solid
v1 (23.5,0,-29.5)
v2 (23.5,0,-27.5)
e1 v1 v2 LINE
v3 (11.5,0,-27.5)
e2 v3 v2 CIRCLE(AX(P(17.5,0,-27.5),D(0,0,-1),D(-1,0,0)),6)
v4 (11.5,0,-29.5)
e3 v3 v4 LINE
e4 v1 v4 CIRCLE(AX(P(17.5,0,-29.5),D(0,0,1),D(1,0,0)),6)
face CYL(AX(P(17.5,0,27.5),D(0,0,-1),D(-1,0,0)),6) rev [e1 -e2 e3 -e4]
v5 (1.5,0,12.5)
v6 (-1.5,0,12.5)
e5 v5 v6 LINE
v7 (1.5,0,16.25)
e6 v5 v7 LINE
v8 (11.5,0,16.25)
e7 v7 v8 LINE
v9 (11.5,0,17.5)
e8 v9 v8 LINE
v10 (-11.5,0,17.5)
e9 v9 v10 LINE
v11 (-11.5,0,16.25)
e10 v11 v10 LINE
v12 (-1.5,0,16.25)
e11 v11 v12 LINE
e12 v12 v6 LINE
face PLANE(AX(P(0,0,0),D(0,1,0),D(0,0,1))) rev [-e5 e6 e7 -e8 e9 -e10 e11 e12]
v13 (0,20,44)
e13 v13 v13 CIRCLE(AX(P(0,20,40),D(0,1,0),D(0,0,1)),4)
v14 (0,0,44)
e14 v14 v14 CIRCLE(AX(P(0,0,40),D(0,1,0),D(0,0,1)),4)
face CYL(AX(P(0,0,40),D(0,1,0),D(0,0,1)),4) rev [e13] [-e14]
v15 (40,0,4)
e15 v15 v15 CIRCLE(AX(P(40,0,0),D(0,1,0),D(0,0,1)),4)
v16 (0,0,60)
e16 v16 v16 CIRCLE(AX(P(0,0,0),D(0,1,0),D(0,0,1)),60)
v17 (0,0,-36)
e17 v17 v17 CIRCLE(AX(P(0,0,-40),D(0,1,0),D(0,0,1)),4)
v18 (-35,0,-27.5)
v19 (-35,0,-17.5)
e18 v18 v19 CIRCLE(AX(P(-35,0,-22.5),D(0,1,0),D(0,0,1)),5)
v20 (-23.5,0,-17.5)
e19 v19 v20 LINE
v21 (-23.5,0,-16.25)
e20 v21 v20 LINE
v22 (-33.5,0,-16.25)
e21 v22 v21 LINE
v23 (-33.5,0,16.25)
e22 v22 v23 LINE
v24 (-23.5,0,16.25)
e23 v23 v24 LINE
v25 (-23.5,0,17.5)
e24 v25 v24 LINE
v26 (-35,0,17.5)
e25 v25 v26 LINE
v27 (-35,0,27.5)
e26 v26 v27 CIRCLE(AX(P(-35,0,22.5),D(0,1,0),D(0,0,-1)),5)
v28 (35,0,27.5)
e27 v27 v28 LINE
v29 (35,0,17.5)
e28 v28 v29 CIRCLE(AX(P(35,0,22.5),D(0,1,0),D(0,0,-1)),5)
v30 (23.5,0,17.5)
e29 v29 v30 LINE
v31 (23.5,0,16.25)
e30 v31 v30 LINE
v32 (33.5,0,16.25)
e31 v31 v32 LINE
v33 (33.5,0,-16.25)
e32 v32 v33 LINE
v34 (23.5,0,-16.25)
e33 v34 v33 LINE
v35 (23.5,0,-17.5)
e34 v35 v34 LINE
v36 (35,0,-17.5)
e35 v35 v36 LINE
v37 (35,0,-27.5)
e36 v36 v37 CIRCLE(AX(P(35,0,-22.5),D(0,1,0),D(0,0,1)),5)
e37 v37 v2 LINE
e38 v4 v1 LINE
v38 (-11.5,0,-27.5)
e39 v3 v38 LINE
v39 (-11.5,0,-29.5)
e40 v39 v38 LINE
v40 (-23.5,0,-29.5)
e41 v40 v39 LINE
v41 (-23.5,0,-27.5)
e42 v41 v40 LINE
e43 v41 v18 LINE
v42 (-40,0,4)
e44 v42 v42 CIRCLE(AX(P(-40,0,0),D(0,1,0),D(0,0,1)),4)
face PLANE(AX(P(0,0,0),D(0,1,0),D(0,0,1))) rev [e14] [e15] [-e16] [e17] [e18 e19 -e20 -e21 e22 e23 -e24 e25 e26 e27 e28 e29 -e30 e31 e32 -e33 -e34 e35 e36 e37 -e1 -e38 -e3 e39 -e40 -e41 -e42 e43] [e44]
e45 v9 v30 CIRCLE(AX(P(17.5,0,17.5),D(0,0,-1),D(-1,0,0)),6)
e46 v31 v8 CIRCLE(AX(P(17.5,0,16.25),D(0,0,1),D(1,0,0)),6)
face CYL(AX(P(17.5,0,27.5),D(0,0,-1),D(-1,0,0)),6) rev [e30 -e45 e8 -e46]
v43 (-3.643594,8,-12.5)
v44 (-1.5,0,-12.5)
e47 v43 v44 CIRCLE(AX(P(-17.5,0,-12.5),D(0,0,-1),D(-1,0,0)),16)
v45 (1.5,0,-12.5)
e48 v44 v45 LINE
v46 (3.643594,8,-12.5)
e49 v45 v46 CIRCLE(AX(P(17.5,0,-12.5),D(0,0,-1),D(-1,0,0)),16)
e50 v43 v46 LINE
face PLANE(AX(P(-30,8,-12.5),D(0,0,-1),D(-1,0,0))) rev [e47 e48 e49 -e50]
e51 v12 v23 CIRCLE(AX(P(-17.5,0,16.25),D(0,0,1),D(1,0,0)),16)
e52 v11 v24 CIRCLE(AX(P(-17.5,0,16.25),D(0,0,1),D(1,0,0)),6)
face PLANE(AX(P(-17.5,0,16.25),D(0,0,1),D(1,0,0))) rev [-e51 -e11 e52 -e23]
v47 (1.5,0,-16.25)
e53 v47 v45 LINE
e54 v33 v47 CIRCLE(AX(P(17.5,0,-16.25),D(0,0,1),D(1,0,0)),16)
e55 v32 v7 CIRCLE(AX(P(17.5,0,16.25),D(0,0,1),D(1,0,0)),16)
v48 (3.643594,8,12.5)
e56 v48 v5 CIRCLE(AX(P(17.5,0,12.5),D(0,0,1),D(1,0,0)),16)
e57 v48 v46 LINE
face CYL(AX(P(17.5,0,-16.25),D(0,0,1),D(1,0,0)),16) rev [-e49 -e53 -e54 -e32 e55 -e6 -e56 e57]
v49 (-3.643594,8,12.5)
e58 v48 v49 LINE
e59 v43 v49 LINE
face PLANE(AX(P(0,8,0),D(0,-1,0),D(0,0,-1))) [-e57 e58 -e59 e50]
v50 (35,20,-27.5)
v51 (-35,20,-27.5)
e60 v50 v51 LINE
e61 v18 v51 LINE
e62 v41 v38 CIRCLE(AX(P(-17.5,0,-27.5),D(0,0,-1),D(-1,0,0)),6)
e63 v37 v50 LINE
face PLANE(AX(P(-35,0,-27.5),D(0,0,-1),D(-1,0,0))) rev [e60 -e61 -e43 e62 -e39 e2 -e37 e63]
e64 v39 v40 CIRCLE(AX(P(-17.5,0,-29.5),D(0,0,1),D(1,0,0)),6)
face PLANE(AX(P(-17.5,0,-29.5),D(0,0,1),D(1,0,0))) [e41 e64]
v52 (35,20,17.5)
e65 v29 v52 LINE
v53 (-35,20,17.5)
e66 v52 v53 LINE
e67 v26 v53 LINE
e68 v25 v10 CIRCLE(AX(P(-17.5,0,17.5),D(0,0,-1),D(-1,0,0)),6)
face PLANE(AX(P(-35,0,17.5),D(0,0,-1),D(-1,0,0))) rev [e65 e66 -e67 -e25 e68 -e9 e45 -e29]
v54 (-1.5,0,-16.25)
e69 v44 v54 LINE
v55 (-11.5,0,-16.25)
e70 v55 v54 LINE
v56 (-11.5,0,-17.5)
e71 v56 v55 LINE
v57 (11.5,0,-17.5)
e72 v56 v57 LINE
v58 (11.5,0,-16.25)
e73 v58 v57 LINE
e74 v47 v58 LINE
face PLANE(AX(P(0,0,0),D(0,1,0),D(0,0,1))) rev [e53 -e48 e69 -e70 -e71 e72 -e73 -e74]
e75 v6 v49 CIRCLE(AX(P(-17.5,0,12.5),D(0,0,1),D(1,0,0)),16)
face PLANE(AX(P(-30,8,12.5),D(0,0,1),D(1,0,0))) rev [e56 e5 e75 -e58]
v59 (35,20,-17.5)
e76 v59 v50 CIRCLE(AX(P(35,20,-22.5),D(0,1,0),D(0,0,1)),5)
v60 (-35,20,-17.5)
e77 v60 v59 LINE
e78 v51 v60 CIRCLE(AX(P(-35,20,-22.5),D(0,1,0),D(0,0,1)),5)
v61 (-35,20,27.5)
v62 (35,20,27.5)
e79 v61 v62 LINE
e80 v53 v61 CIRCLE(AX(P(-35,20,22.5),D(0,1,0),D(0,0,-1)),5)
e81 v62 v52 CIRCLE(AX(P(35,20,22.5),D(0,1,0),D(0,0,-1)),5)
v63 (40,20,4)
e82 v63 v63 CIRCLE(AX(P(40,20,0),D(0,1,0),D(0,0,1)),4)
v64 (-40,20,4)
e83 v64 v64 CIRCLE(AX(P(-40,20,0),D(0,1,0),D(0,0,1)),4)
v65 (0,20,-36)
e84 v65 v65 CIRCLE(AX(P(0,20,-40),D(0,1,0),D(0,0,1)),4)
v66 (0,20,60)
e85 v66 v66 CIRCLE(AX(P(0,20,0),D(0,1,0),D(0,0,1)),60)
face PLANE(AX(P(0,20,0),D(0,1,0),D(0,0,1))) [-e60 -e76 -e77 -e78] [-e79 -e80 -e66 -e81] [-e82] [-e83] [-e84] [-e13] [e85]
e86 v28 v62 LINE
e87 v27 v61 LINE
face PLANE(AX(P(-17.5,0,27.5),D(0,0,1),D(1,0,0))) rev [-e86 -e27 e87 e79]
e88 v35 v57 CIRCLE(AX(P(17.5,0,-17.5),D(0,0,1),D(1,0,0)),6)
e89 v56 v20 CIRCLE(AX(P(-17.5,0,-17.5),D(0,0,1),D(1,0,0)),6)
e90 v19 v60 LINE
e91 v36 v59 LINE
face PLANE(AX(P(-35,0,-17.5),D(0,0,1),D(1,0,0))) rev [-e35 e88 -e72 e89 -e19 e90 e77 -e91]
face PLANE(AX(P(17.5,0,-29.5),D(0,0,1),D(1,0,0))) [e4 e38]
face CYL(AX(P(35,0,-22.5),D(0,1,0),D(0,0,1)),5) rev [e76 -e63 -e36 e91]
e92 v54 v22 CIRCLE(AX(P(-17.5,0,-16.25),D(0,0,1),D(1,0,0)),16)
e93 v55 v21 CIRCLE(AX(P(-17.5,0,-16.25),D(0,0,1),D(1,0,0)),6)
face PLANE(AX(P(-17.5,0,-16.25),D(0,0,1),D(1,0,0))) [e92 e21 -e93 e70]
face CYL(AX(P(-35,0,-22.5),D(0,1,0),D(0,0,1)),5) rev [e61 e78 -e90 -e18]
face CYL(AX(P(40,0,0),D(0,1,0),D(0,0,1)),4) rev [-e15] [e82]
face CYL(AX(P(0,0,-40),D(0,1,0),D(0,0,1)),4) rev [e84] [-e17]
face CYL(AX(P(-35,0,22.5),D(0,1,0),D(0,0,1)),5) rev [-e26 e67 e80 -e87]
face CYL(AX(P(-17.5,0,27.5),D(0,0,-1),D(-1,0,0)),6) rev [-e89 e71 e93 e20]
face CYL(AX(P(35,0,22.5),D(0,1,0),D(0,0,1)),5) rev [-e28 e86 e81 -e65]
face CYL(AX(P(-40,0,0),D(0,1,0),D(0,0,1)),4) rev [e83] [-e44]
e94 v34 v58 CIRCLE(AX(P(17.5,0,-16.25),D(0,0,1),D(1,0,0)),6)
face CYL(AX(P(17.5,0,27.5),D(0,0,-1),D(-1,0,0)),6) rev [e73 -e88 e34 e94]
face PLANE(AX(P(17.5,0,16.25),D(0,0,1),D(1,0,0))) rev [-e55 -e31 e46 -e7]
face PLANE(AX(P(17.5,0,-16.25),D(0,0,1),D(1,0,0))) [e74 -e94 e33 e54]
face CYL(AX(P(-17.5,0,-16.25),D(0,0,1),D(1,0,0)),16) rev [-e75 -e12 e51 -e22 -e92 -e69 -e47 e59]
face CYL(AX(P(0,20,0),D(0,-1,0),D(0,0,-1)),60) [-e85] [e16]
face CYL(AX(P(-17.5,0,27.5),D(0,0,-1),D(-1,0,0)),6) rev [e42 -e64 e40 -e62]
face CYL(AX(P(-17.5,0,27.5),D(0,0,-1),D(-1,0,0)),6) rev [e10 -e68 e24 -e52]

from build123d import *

# Parameters (mm, degrees)
SKETCH2_R               = 60
BOSS_EXTRUDE1_DEPTH     = 20
SKETCH3_W               = 60
SKETCH3_H               = 25
CUT_EXTRUDE1_DEPTH      = 8
CUT_EXTRUDE2_DEPTH      = 40
CUT_EXTRUDE2_DEPTH_BACK = 17
SKETCH4_R               = 6
SKETCH5_R               = 16
CUT_EXTRUDE3_DEPTH      = 16.25
SKETCH6_R               = 4
CUT_EXTRUDE4_DEPTH      = 88.177978871
CUT_EXTRUDE5_DEPTH      = 88.177978871


with BuildPart() as part:
    # Sketch2 → Boss-Extrude1 (new body)
    with BuildSketch(Plane(origin=(0, 0, 0), x_dir=(1, 0, 0), z_dir=(0, 1, 0))):
        with Locations(Location((0, 0, 0), (0, 0, 270))):
            Circle(SKETCH2_R)
    extrude(amount=BOSS_EXTRUDE1_DEPTH)

    # Sketch3 → Cut-Extrude1 (cut)
    with BuildSketch(Plane.XZ):
        Rectangle(SKETCH3_W, SKETCH3_H)
    extrude(amount=-CUT_EXTRUDE1_DEPTH, mode=Mode.SUBTRACT)

    # Sketch4 → Cut-Extrude2 (cut, two sides: drawn at the far end of the back side and taken through both)
    with BuildSketch(Plane.XY.offset(-12.5).offset(-CUT_EXTRUDE2_DEPTH_BACK)):
        with Locations((-17.5, 0)):
            Circle(SKETCH4_R)
        with Locations((17.5, 0)):
            Circle(SKETCH4_R)
    extrude(amount=CUT_EXTRUDE2_DEPTH + CUT_EXTRUDE2_DEPTH_BACK, mode=Mode.SUBTRACT)

    # Sketch5 → Cut-Extrude3 (cut, symmetric)
    with BuildSketch(Plane.XY):
        with Locations((-17.5, 0)):
            Circle(SKETCH5_R)
        with Locations((17.5, 0)):
            Circle(SKETCH5_R)
    extrude(amount=CUT_EXTRUDE3_DEPTH, both=True, mode=Mode.SUBTRACT)

    # Sketch6 → Cut-Extrude4 (cut, through all)
    with BuildSketch(Plane(origin=(0, 20, 0), x_dir=(1, 0, 0), z_dir=(0, 1, 0))):
        with Locations(Location((0, 40, 0), (0, 0, 270))):
            Circle(SKETCH6_R)
        with Locations(Location((40, 0, 0), (0, 0, 270))):
            Circle(SKETCH6_R)
        with Locations(Location((0, -40, 0), (0, 0, 270))):
            Circle(SKETCH6_R)
        with Locations(Location((-40, 0, 0), (0, 0, 270))):
            Circle(SKETCH6_R)
    extrude(amount=-CUT_EXTRUDE4_DEPTH, mode=Mode.SUBTRACT)

    # Sketch7 → Cut-Extrude5 (cut, through all)
    with BuildSketch(Plane(origin=(0, 20, 0), x_dir=(1, 0, 0), z_dir=(0, 1, 0))):
        with BuildLine():
            Line((-35, 27.5), (35, 27.5))
            ThreePointArc((35, 27.5), (40, 22.5), (35, 17.5))
            Line((35, 17.5), (-35, 17.5))
            ThreePointArc((-35, 17.5), (-40, 22.5), (-35, 27.5))
        make_face()
        with BuildLine():
            Line((-35, -27.5), (35, -27.5))
            ThreePointArc((35, -27.5), (40, -22.5), (35, -17.5))
            Line((35, -17.5), (-35, -17.5))
            ThreePointArc((-35, -17.5), (-40, -22.5), (-35, -27.5))
        make_face()
    extrude(amount=-CUT_EXTRUDE5_DEPTH, mode=Mode.SUBTRACT)


solid = part.part
